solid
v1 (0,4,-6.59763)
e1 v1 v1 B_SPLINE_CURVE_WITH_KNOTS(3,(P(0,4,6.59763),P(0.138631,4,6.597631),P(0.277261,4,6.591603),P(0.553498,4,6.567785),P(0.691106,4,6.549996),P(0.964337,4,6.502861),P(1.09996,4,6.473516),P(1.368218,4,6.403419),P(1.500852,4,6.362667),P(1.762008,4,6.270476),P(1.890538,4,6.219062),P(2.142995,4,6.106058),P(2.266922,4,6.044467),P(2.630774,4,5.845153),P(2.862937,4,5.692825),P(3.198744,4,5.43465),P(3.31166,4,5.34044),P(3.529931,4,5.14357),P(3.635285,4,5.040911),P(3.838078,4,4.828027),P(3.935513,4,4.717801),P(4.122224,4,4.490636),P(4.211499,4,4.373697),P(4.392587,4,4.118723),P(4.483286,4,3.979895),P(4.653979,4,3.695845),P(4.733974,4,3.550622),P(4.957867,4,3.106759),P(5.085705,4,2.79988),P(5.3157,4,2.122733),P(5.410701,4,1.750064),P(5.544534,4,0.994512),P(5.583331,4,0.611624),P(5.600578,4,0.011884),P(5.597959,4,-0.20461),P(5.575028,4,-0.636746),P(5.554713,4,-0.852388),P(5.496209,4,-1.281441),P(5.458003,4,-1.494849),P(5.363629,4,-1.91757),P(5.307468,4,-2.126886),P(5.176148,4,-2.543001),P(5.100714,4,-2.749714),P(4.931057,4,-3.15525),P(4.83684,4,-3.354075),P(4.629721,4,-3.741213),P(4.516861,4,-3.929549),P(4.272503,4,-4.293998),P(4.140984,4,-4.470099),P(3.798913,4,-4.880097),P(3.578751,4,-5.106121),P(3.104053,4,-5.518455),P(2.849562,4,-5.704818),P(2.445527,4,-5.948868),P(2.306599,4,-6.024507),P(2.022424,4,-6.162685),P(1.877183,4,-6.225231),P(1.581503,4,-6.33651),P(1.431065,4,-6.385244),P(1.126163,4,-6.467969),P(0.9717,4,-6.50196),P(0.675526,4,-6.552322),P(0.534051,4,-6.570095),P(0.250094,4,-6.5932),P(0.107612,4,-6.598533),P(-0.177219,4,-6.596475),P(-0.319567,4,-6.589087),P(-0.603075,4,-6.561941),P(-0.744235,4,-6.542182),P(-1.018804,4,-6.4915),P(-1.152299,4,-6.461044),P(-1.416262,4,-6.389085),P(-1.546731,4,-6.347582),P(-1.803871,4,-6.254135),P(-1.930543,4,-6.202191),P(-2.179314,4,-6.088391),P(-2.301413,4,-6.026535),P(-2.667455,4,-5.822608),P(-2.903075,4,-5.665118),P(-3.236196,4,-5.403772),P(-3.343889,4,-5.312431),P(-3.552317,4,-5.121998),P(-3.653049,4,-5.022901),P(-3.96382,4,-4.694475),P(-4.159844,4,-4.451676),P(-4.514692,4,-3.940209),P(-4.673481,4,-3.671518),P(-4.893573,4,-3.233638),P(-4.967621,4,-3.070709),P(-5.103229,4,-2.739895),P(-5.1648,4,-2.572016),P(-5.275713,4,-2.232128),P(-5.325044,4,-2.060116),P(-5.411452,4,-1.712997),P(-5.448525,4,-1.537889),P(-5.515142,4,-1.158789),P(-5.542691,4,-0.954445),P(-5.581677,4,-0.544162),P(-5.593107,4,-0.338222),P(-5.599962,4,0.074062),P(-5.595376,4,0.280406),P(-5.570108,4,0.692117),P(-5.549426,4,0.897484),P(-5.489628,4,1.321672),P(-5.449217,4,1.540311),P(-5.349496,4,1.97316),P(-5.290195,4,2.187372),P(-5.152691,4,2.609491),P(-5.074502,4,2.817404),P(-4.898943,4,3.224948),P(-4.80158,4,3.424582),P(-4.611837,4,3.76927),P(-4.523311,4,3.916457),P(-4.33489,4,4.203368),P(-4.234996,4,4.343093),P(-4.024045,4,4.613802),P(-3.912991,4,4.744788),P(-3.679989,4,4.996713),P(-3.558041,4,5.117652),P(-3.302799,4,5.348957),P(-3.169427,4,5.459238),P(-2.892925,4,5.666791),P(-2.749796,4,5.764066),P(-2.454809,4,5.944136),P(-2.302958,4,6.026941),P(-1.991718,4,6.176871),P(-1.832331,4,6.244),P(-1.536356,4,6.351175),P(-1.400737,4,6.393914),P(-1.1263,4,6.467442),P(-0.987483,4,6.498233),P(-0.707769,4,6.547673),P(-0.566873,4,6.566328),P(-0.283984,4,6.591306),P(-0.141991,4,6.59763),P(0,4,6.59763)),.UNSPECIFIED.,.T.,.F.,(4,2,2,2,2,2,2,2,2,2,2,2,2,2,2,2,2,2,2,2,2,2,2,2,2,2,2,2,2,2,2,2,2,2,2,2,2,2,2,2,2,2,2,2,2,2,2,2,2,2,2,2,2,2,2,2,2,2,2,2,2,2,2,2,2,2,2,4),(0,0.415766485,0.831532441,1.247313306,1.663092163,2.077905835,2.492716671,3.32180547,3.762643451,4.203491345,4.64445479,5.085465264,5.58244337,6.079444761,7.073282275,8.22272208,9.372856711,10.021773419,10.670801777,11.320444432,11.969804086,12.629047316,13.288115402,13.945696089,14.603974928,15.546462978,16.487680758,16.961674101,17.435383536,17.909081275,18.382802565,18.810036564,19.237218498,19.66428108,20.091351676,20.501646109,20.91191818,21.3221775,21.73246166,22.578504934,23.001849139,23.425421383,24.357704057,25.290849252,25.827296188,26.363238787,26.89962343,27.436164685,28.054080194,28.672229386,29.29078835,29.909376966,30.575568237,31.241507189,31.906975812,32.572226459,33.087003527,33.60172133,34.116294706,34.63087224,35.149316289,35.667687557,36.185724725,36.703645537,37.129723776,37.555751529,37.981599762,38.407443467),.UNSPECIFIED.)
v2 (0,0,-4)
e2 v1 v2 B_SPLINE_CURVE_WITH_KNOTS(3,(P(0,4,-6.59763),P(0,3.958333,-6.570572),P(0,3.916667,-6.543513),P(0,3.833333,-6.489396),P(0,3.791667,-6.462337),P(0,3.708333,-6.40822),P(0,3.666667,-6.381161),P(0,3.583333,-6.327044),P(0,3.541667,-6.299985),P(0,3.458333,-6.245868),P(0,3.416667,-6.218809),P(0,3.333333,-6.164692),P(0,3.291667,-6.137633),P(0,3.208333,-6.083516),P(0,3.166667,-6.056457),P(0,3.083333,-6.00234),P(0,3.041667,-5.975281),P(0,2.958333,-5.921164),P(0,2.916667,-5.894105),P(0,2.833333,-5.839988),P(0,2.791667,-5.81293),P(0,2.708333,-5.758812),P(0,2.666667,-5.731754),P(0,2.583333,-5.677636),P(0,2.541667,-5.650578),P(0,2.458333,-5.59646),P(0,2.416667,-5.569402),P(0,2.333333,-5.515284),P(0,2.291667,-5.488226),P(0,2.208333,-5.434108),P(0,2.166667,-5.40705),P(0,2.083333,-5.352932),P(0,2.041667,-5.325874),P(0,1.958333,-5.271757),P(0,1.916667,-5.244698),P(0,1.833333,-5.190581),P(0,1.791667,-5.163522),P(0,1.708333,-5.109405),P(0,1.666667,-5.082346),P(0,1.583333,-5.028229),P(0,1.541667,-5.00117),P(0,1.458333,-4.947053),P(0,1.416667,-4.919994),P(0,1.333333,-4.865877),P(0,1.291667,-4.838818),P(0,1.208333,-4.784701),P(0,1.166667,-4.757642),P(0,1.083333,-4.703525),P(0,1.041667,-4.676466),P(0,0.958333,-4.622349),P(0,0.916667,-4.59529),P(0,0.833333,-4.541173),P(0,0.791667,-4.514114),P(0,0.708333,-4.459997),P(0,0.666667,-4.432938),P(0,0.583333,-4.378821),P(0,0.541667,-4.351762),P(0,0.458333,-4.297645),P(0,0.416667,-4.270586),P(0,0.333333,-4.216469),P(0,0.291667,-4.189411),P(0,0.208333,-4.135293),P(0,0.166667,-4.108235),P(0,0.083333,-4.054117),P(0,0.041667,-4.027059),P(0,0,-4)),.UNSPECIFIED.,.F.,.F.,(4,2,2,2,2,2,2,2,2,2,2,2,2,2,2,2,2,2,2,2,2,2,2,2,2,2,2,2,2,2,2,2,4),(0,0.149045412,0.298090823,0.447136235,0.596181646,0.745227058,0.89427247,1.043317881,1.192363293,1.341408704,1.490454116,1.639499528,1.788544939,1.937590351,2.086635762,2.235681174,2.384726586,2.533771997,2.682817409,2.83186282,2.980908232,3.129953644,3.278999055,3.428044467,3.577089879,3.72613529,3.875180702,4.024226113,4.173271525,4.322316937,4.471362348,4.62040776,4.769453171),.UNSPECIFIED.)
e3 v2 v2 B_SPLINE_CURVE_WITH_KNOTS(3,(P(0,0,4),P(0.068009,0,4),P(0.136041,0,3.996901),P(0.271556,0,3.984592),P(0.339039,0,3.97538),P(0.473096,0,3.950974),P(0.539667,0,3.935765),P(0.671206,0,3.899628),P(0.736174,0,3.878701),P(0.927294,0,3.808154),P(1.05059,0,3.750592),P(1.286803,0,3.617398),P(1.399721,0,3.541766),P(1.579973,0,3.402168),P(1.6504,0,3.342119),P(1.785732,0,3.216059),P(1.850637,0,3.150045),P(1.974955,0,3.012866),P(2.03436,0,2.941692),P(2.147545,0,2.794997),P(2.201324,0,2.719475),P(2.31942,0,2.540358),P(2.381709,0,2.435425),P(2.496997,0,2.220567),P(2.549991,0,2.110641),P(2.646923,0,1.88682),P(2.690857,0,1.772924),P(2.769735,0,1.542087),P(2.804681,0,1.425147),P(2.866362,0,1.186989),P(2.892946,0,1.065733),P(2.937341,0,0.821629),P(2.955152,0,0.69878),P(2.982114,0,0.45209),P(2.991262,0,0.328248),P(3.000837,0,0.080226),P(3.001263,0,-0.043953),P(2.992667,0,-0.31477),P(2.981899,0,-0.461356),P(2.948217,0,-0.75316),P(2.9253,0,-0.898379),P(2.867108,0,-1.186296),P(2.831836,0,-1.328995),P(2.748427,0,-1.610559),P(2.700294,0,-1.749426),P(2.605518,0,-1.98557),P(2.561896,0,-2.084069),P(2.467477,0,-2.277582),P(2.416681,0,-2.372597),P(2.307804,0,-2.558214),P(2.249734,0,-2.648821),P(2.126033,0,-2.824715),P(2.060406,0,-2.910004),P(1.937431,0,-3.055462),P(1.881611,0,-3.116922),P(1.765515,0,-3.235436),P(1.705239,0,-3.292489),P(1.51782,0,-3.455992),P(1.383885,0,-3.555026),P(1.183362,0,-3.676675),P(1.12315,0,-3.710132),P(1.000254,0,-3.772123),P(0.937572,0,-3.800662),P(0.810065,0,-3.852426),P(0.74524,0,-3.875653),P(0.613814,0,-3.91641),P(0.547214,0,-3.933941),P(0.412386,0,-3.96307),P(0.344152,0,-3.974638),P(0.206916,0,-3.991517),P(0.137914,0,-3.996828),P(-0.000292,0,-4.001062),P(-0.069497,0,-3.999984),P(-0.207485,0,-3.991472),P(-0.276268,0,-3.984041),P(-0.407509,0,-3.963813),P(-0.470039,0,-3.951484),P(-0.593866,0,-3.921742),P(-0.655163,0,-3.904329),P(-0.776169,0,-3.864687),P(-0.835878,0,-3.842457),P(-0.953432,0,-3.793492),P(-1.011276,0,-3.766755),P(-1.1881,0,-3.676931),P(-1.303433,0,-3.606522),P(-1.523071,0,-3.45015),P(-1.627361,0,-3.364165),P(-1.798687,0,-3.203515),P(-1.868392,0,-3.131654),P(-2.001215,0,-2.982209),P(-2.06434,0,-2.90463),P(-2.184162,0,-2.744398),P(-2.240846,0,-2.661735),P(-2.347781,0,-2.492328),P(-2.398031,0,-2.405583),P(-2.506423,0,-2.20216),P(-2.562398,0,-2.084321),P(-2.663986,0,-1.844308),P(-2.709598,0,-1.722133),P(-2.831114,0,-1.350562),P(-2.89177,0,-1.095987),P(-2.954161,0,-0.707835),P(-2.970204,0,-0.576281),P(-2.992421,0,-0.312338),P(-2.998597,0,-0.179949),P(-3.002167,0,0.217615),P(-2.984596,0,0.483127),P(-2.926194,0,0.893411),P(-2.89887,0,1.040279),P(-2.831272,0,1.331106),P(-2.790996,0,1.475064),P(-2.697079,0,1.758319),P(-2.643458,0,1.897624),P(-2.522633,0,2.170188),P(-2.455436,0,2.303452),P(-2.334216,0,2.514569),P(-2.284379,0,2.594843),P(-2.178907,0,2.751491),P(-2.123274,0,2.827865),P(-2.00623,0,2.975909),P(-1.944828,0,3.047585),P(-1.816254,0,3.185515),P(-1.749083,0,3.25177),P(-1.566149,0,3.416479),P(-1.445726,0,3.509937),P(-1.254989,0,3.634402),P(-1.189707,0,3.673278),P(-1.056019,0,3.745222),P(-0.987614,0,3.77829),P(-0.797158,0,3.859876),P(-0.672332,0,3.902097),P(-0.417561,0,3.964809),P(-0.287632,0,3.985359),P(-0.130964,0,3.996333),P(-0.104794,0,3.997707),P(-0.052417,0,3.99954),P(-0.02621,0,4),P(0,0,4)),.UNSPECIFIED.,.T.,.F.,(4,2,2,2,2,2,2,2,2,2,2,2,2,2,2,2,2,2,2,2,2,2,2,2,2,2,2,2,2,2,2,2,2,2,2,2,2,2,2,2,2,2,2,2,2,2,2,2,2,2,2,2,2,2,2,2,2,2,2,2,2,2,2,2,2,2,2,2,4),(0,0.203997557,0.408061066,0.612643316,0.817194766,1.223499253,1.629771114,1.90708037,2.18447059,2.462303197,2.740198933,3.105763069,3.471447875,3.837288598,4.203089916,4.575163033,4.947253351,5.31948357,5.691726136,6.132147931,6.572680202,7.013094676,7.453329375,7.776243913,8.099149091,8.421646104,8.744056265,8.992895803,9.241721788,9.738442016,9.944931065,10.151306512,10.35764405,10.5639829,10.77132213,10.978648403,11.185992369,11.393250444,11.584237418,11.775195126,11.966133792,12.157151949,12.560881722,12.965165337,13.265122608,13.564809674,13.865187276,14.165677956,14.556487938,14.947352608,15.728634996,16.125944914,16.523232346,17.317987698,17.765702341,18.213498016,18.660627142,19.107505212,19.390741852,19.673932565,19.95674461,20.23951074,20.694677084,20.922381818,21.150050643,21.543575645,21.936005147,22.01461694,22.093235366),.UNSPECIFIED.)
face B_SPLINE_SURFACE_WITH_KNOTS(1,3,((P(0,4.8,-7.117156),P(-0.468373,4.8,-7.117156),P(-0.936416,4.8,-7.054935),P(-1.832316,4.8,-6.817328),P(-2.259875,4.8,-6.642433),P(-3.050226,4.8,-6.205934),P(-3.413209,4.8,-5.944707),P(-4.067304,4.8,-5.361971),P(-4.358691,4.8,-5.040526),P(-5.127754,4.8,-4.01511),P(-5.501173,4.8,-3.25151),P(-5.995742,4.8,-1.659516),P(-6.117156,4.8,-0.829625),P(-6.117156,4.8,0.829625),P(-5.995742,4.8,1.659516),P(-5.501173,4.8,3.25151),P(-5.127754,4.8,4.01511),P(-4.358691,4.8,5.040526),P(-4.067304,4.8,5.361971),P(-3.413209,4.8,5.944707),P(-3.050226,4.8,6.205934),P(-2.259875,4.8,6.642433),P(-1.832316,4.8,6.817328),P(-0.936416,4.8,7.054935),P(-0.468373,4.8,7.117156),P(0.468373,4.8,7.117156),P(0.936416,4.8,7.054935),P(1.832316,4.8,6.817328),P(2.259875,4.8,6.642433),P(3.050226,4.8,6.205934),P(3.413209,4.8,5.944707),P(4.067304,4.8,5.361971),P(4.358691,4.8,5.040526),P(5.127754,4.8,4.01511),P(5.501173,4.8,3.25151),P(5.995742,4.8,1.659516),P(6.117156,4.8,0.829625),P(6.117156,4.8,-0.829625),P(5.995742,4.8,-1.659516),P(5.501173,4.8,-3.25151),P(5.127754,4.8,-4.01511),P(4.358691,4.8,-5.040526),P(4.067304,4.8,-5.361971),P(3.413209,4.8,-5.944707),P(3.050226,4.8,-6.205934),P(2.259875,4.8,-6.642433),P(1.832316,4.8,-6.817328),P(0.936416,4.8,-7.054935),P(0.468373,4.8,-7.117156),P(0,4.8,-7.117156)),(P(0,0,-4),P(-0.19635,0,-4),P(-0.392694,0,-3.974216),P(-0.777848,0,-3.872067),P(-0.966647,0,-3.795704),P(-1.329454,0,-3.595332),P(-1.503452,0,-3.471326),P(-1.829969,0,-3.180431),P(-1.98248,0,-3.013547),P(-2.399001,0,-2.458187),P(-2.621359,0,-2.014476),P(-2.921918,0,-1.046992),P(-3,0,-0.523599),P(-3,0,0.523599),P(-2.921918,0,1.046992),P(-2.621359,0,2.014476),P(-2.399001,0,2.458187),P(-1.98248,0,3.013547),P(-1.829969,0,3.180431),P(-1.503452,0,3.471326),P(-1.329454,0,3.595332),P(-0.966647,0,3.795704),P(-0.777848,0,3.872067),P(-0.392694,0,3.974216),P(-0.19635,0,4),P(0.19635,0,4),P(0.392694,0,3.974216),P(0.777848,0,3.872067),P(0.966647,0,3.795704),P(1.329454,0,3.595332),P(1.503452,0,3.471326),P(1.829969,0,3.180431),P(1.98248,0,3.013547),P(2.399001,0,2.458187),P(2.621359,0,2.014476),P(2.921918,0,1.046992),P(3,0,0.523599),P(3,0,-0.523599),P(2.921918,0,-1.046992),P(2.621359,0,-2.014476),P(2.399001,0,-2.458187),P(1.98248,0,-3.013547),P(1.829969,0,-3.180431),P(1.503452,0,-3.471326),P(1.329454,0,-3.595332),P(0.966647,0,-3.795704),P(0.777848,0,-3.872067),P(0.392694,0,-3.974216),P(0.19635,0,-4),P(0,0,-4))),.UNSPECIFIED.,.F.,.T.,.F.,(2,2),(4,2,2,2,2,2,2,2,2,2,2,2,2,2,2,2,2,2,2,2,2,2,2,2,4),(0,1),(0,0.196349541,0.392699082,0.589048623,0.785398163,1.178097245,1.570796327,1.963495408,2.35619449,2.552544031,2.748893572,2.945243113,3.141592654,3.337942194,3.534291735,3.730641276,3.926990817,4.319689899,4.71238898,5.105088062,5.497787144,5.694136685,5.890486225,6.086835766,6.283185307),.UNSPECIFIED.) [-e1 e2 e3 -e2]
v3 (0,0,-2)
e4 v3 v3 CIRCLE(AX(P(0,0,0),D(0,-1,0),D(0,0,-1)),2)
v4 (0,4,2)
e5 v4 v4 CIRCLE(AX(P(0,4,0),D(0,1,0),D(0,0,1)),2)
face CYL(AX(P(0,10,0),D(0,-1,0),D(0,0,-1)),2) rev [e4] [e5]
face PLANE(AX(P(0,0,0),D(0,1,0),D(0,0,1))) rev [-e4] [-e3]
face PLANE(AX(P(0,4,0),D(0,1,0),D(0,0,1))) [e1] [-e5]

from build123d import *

# Parameters (mm, degrees)
SKETCH1_RX          = 4
SKETCH1_RY          = 3
BOSS_EXTRUDE1_DEPTH = 4
BOSS_EXTRUDE1_TAPER = -33
SKETCH2_R           = 2
CUT_EXTRUDE1_DEPTH  = 10


with BuildPart() as part:
    # Sketch1 → Boss-Extrude1 (new body)
    with BuildSketch(Plane(origin=(0, 0, 0), x_dir=(1, 0, 0), z_dir=(0, 1, 0))):
        with Locations(Location((0, 0), (0, 0, 90))):
            Ellipse(SKETCH1_RX, SKETCH1_RY)
    extrude(amount=BOSS_EXTRUDE1_DEPTH, taper=BOSS_EXTRUDE1_TAPER)

    # Sketch2 → Cut-Extrude1 (cut)
    with BuildSketch(Plane.XZ):
        with Locations(Location((0, 0, 0), (0, 0, 270))):
            Circle(SKETCH2_R)
    extrude(amount=-CUT_EXTRUDE1_DEPTH, mode=Mode.SUBTRACT)


solid = part.part
